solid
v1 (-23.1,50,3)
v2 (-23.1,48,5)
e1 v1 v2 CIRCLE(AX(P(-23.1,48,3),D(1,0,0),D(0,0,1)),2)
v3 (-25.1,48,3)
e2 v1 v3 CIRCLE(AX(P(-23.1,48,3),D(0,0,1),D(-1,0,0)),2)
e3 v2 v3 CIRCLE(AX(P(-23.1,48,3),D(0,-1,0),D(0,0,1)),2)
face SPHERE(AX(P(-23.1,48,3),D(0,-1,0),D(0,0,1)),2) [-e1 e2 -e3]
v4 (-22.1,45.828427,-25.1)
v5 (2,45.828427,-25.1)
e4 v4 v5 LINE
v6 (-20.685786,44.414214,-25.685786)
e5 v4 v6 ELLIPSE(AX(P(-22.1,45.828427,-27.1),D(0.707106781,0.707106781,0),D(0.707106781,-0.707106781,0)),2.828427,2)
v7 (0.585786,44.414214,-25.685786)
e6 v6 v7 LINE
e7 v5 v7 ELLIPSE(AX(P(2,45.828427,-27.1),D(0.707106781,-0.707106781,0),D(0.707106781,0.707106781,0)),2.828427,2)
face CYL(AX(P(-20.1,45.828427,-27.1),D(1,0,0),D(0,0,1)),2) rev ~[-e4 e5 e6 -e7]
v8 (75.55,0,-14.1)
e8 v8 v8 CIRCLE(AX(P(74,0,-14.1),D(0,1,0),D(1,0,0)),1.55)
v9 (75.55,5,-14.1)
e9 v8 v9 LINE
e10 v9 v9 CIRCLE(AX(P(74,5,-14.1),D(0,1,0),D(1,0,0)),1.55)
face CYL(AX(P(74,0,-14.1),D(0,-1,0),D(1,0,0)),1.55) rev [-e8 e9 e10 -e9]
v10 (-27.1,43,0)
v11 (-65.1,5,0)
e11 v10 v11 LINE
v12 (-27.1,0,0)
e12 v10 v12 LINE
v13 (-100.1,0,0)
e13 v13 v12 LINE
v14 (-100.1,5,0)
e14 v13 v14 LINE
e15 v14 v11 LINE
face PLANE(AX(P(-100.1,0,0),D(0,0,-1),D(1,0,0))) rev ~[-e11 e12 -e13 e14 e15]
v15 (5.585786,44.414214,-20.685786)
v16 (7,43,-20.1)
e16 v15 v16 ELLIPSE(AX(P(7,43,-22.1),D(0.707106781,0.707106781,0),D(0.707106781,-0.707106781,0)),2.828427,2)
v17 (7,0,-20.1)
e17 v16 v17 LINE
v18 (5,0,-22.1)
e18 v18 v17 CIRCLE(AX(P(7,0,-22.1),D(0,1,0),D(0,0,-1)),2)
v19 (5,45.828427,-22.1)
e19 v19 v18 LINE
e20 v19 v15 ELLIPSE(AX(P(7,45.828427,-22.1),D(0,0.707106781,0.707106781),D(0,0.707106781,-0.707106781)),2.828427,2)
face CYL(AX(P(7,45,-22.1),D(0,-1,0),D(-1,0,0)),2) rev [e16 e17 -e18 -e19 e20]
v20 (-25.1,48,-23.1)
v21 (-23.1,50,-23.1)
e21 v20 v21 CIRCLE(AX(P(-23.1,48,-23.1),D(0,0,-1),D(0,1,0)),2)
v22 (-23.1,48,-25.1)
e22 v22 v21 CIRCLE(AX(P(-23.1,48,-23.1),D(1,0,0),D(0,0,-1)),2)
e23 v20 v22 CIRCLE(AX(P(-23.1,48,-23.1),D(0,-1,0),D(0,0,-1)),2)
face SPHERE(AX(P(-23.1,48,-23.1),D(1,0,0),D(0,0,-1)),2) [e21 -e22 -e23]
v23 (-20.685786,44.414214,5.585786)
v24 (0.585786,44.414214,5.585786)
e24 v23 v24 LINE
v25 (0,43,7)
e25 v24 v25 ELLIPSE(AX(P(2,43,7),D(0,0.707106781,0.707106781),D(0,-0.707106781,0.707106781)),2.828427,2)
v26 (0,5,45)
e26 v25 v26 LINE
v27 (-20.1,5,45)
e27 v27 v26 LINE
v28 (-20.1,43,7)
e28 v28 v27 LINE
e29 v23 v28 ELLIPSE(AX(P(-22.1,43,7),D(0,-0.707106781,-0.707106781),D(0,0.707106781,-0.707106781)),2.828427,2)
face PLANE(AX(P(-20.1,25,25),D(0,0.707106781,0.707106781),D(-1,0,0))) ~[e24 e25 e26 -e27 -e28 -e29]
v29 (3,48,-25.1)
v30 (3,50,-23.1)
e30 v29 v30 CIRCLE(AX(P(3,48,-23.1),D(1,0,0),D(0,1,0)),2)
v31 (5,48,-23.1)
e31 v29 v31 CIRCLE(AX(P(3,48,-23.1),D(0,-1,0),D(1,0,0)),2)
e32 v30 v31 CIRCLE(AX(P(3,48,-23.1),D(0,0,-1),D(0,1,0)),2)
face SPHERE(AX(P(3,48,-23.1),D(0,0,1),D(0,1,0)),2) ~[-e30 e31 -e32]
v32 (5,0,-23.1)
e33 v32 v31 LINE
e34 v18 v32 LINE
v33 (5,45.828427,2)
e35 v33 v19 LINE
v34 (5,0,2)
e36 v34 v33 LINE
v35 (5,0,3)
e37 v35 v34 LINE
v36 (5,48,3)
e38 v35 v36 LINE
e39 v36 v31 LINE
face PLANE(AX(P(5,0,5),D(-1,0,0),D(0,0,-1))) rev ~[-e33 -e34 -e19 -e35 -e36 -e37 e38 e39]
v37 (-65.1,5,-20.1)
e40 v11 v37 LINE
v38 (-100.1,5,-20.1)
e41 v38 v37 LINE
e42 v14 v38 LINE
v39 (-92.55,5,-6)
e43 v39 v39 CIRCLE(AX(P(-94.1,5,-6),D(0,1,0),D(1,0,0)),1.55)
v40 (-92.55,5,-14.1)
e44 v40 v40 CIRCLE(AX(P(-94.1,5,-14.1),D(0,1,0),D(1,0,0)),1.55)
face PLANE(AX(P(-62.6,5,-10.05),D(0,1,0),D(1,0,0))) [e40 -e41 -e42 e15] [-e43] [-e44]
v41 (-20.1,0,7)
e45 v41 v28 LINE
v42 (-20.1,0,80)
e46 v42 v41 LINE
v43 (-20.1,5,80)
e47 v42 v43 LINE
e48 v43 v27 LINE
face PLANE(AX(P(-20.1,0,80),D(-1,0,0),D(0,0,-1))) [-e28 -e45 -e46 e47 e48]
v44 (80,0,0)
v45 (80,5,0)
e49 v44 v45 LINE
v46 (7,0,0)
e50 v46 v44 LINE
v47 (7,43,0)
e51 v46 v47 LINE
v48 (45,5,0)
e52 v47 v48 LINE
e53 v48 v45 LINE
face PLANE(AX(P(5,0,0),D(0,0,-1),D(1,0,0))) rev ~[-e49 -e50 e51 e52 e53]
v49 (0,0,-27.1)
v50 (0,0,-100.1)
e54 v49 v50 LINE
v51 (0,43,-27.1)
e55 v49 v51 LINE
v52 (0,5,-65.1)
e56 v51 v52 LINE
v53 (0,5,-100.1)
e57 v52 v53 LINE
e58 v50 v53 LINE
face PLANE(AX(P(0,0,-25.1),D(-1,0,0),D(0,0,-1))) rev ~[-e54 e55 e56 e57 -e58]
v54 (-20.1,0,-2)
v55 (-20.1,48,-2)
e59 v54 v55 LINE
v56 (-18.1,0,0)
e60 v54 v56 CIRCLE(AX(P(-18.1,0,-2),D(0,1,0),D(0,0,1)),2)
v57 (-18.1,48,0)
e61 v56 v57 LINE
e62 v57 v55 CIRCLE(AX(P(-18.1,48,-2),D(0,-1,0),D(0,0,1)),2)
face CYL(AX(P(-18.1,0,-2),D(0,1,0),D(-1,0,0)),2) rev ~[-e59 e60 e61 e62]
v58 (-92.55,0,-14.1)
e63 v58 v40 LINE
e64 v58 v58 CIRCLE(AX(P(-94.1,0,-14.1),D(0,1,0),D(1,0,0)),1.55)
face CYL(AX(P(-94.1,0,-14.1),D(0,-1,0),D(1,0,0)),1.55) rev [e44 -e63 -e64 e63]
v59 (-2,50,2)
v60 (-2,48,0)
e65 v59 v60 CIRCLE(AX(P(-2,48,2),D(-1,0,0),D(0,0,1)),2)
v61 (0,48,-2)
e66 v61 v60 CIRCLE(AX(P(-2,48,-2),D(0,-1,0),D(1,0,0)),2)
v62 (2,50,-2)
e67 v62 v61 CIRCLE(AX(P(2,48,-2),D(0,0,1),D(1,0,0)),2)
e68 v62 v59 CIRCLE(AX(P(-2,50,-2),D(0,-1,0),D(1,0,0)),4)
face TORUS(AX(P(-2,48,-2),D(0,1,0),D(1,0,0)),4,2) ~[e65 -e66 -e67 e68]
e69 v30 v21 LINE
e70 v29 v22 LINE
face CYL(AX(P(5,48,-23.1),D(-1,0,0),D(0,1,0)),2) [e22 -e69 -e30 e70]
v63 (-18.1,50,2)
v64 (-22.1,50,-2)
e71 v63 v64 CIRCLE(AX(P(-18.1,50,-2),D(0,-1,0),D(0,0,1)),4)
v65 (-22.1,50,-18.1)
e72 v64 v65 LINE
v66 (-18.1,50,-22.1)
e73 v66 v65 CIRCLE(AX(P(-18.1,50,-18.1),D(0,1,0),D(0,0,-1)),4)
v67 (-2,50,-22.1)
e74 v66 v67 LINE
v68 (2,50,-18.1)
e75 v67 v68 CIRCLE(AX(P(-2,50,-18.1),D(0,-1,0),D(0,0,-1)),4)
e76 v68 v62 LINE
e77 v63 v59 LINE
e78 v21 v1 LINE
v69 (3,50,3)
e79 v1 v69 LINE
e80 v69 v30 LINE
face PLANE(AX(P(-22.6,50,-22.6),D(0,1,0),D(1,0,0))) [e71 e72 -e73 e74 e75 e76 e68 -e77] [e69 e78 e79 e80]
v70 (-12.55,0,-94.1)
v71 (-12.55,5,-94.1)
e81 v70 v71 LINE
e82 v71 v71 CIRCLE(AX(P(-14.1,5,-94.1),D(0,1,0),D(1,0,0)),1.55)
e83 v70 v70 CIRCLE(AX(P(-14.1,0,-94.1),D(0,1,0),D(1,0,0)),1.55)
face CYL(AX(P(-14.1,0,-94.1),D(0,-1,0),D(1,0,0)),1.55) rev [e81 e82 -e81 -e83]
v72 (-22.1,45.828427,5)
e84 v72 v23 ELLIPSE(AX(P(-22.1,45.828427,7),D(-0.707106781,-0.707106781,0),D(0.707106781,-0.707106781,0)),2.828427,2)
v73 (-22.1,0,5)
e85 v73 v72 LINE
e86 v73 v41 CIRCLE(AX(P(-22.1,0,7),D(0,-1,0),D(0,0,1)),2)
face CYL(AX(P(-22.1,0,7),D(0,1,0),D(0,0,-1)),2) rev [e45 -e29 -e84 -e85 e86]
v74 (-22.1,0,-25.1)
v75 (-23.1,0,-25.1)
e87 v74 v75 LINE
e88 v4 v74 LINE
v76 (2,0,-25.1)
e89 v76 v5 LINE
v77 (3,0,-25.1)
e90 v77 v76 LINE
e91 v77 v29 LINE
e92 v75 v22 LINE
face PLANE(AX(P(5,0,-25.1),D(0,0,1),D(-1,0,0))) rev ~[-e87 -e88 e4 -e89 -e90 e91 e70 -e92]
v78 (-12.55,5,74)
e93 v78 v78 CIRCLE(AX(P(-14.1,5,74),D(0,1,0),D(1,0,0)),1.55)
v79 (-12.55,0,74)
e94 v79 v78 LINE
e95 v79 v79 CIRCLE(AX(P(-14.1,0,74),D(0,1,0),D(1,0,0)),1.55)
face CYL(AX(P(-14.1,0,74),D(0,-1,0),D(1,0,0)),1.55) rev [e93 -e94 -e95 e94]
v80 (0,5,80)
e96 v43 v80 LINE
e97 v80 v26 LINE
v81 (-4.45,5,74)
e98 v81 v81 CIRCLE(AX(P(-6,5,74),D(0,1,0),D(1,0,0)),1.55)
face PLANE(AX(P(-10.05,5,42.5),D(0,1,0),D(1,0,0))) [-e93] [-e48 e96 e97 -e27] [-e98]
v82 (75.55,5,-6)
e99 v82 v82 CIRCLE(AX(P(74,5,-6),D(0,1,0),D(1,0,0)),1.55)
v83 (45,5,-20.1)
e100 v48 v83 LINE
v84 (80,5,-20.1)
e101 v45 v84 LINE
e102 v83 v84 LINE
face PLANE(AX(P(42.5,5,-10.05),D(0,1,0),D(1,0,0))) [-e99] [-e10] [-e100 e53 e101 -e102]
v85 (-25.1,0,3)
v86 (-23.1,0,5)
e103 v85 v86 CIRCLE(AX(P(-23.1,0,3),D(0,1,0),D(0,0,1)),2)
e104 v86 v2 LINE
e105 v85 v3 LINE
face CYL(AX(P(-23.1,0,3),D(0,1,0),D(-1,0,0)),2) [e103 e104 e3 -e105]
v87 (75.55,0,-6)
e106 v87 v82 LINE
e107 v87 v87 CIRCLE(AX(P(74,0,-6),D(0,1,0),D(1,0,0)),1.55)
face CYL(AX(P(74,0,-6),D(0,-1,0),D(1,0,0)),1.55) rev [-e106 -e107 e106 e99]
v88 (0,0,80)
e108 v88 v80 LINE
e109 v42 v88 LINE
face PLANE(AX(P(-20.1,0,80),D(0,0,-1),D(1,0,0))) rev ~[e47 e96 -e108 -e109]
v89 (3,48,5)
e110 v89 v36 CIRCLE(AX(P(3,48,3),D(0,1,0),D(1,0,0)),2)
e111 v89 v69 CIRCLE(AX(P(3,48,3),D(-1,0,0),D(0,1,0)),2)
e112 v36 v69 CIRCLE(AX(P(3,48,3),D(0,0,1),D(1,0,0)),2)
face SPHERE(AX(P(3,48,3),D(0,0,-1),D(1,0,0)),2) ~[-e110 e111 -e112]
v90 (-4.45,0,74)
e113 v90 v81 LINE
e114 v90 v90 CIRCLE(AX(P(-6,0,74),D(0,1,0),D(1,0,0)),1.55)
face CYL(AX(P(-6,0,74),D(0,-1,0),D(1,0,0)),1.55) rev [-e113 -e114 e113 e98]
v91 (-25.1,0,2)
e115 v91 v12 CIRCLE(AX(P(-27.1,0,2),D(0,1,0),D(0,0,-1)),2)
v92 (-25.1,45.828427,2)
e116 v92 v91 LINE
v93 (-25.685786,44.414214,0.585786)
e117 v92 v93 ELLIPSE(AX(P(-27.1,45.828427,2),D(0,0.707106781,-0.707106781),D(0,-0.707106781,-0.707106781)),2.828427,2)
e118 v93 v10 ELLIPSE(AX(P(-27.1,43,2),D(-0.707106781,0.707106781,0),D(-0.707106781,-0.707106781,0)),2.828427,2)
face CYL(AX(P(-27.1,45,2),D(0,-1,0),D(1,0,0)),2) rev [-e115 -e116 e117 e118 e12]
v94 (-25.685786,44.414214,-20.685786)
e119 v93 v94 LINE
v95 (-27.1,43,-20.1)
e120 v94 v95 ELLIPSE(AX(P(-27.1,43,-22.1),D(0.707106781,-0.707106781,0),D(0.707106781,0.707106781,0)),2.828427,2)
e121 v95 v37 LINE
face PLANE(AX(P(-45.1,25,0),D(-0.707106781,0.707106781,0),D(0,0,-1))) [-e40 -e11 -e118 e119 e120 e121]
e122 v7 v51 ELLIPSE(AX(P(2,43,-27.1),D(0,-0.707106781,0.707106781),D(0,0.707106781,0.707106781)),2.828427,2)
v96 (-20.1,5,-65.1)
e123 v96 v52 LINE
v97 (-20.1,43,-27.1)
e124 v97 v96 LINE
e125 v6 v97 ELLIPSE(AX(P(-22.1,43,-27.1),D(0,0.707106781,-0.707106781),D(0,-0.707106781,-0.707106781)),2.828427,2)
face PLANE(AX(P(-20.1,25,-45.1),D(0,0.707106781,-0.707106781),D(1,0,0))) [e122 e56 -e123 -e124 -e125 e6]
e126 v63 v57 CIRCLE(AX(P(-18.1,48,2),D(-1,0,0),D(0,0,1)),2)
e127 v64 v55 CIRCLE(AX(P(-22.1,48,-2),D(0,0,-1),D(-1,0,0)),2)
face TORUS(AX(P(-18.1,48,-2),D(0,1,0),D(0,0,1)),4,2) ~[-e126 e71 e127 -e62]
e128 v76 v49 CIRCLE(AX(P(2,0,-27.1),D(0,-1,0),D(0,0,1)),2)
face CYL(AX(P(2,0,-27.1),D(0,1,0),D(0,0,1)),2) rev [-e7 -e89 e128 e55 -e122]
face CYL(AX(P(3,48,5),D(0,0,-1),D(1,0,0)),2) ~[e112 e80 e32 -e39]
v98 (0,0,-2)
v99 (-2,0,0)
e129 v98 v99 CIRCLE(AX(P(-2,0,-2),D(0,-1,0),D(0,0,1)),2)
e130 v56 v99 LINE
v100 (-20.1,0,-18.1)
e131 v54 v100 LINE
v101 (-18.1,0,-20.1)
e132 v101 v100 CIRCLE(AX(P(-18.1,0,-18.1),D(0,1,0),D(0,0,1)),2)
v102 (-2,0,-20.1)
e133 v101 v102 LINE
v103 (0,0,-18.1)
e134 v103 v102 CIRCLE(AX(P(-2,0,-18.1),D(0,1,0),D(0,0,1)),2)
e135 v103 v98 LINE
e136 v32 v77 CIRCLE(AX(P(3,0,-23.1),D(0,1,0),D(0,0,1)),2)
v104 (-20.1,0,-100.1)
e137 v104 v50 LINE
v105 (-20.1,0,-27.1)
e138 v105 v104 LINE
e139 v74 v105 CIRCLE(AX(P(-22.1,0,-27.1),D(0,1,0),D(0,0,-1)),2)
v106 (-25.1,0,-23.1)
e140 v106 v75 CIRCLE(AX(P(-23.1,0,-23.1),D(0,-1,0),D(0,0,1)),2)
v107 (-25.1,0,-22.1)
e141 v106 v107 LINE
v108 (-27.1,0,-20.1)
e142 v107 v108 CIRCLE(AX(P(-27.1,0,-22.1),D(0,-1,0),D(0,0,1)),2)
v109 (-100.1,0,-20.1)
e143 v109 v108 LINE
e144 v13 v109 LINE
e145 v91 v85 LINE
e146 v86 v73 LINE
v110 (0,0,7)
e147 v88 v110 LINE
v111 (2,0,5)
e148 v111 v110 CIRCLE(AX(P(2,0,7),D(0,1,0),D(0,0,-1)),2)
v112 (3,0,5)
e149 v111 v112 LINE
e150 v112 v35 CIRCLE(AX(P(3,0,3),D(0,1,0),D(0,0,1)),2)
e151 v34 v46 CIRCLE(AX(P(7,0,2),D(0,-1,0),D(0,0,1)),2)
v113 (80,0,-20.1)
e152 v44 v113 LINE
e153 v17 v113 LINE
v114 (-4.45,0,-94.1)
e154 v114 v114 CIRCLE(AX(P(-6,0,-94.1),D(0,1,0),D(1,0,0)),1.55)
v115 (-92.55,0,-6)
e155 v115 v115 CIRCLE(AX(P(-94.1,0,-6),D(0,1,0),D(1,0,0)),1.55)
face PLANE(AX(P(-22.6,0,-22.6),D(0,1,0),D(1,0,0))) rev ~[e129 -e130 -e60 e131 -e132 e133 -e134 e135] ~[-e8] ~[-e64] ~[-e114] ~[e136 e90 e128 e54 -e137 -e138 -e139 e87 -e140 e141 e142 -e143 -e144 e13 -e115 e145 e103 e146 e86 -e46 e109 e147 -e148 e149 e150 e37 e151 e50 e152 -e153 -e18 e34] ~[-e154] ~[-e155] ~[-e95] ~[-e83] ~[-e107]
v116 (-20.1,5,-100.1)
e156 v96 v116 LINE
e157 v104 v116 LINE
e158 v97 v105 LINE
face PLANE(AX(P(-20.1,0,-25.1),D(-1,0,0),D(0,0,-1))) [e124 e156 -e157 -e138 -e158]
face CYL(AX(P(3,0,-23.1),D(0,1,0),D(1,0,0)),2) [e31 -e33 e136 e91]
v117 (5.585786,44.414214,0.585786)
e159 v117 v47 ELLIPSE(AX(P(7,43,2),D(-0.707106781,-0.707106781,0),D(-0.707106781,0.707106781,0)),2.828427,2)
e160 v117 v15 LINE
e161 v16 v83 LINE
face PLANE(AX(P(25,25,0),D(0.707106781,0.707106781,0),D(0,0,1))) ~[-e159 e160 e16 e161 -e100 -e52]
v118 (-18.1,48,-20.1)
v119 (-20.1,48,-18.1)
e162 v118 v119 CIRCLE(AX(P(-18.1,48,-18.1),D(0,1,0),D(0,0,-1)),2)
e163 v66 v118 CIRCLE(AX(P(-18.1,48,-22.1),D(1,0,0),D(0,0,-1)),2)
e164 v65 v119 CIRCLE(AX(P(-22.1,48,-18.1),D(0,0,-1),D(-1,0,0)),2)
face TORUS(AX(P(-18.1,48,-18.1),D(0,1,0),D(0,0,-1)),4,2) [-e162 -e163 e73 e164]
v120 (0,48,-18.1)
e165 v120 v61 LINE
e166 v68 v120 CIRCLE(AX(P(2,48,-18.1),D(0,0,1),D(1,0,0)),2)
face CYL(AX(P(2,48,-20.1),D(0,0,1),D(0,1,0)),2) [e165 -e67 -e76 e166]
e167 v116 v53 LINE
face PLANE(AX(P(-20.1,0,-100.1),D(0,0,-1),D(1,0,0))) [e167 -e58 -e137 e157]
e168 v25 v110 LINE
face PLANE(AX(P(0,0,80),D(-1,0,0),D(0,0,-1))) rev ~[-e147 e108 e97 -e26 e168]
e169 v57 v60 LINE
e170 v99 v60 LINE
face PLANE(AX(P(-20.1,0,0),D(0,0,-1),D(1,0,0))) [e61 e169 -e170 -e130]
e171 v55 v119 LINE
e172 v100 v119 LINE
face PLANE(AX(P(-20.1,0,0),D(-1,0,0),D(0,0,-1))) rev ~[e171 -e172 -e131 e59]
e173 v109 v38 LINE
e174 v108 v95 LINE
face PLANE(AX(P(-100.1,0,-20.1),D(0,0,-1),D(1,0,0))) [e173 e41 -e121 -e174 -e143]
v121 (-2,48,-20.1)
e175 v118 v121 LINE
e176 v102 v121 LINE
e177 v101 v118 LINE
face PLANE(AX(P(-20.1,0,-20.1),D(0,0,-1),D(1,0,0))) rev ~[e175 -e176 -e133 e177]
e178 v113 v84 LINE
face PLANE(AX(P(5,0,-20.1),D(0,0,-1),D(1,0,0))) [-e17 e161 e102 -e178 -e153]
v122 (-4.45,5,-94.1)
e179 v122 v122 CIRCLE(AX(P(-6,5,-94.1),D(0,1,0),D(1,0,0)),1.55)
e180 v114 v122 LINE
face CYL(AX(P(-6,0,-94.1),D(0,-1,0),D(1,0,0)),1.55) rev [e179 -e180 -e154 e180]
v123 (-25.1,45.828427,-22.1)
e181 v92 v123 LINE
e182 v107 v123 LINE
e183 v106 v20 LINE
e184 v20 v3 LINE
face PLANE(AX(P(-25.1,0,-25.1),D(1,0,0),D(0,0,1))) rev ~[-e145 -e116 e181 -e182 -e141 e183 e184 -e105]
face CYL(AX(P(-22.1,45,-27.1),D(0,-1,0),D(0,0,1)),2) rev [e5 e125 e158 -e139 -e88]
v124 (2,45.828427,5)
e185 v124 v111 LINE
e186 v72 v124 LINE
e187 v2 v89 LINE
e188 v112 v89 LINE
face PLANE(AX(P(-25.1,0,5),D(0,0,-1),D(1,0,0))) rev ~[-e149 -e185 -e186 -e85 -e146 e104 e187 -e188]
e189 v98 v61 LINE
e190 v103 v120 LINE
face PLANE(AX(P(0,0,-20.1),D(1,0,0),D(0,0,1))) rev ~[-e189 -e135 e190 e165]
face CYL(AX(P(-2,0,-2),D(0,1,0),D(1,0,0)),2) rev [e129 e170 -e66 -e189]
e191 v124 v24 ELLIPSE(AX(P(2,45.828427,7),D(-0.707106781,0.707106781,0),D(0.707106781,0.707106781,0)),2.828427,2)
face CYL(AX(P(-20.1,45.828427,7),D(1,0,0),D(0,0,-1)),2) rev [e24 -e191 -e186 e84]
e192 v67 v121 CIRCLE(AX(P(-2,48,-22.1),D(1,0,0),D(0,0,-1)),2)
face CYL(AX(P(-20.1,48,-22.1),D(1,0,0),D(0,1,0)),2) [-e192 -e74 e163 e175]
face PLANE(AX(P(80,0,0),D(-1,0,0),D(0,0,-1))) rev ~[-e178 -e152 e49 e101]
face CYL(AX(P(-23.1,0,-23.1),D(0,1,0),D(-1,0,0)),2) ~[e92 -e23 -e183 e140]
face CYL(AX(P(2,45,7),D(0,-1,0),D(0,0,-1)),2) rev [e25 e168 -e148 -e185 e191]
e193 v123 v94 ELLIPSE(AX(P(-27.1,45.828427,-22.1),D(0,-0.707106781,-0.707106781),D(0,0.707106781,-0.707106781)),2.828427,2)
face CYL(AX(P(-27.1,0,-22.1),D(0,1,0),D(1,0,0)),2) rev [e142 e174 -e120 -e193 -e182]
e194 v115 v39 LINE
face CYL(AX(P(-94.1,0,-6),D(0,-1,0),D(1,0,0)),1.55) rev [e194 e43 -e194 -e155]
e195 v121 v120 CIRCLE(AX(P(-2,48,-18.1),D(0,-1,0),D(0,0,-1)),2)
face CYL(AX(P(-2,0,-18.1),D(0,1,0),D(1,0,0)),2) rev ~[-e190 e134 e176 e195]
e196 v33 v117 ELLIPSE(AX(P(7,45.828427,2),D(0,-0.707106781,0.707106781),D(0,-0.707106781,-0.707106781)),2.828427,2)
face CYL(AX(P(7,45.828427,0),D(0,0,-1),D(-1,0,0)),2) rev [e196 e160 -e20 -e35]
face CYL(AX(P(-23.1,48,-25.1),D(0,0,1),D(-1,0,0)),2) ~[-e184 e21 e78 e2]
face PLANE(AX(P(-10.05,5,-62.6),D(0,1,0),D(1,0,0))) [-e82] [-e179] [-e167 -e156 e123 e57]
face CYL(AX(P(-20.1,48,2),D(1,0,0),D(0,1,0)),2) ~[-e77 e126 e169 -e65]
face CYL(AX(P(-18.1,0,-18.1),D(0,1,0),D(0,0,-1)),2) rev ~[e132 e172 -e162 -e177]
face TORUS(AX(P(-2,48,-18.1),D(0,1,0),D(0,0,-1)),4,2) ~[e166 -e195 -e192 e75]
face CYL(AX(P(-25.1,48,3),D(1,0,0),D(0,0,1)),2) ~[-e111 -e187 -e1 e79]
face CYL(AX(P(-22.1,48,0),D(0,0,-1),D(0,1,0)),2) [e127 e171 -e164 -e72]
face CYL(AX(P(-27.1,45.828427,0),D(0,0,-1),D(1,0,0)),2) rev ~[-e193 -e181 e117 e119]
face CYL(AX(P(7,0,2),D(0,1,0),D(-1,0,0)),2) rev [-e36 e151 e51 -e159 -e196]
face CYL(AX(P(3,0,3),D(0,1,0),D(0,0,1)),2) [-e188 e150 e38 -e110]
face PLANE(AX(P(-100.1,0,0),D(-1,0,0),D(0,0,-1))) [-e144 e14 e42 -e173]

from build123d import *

# Parameters (mm, degrees)
SKETCH1_W             = 75
SKETCH1_H             = 20.1
SKETCH1_R             = 1.55
BOSS_EXTRUDE1_DEPTH   = 5
SKETCH1_W_2           = 20.1
SKETCH1_H_2           = 75
BOSS_EXTRUDE1_2_DEPTH = 5
BOSS_EXTRUDE1_3_DEPTH = 5
BOSS_EXTRUDE1_4_DEPTH = 5
SKETCH1_8_W           = 30.1
SKETCH1_8_H           = 30.1
SKETCH1_8_W_2         = 20.1
SKETCH1_8_H_2         = 20.1
BOSS_EXTRUDE2_DEPTH   = 50
CHAMFER1_SIZE         = 40
FILLET1_R             = 2


with BuildPart() as part:
    # Sketch1 → Boss-Extrude1 (new body)
    with BuildSketch(Plane(origin=(0, 0, 0), x_dir=(1, 0, 0), z_dir=(0, 1, 0))):
        with Locations((42.5, 10.05)):
            Rectangle(SKETCH1_W, SKETCH1_H)
        with Locations((74, 6)):
            Circle(SKETCH1_R, mode=Mode.SUBTRACT)
        with Locations((74, 14.1)):
            Circle(SKETCH1_R, mode=Mode.SUBTRACT)
    extrude(amount=BOSS_EXTRUDE1_DEPTH)



with BuildPart() as body_2:
    # Sketch1 → Boss-Extrude1 2 (new body)
    with BuildSketch(Plane(origin=(0, 0, 0), x_dir=(1, 0, 0), z_dir=(0, 1, 0))):
        with Locations((-10.05, -42.5)):
            Rectangle(SKETCH1_W_2, SKETCH1_H_2)
        with Locations((-14.1, -74)):
            Circle(SKETCH1_R, mode=Mode.SUBTRACT)
        with Locations((-6, -74)):
            Circle(SKETCH1_R, mode=Mode.SUBTRACT)
    extrude(amount=BOSS_EXTRUDE1_2_DEPTH)


with BuildPart() as body_3:
    # Sketch1 → Boss-Extrude1 3 (new body)
    with BuildSketch(Plane(origin=(0, 0, 0), x_dir=(1, 0, 0), z_dir=(0, 1, 0))):
        with Locations((-10.05, 62.6)):
            Rectangle(SKETCH1_W_2, SKETCH1_H_2)
        with Locations((-14.1, 94.1)):
            Circle(SKETCH1_R, mode=Mode.SUBTRACT)
        with Locations((-6, 94.1)):
            Circle(SKETCH1_R, mode=Mode.SUBTRACT)
    extrude(amount=BOSS_EXTRUDE1_3_DEPTH)


with BuildPart() as body_4:
    # Sketch1 → Boss-Extrude1 4 (new body)
    with BuildSketch(Plane(origin=(0, 0, 0), x_dir=(1, 0, 0), z_dir=(0, 1, 0))):
        with Locations((-62.6, 10.05)):
            Rectangle(SKETCH1_W, SKETCH1_H)
        with Locations((-94.1, 6)):
            Circle(SKETCH1_R, mode=Mode.SUBTRACT)
        with Locations((-94.1, 14.1)):
            Circle(SKETCH1_R, mode=Mode.SUBTRACT)
    extrude(amount=BOSS_EXTRUDE1_4_DEPTH)


with BuildPart() as part_1:
    add(part.part)

    add(body_2.part)  # Boss-Extrude2 merges body 2

    add(body_3.part)  # Boss-Extrude2 merges body 3

    add(body_4.part)  # Boss-Extrude2 merges body 4
    # Sketch1<8> → Boss-Extrude2 (add)
    with BuildSketch(Plane(origin=(0, 0, 0), x_dir=(1, 0, 0), z_dir=(0, 1, 0))):
        with Locations((-10.05, 10.05)):
            Rectangle(SKETCH1_8_W, SKETCH1_8_H)
        with Locations((-10.05, 10.05)):
            Rectangle(SKETCH1_8_W_2, SKETCH1_8_H_2, mode=Mode.SUBTRACT)
    extrude(amount=BOSS_EXTRUDE2_DEPTH)

    # Chamfer1
    chamfer1_edges = [part_1.edges().sort_by_distance(p)[0] for p in [
        (-10.05, 5, -25.1),
        (5, 5, -10.05),
        (-10.05, 5, 5),
        (-25.1, 5, -10.05),
    ]]
    chamfer(chamfer1_edges, length=CHAMFER1_SIZE)

    # Fillet1
    fillet1_edges = [part_1.edges().sort_by_distance(p)[0] for p in [
        (-10.05, 50, -20.1),
        (-20.1, 50, -10.05),
        (-10.05, 50, 0),
        (0, 50, -10.05),
        (-25.1, 50, -10.05),
        (-10.05, 50, -25.1),
        (5, 50, -10.05),
        (-10.05, 50, 5),
        (-10.05, 45, 5),
        (5, 45, -10.05),
        (-10.05, 45, -25.1),
        (-25.1, 45, -10.05),
        (-25.1, 22.5, -20.1),
        (-25.1, 25, -25.1),
        (-20.1, 22.5, -25.1),
        (0, 22.5, -25.1),
        (5, 25, -25.1),
        (5, 22.5, -20.1),
        (0, 25, -20.1),
        (0, 22.5, 5),
        (5, 22.5, 0),
        (5, 25, 5),
        (-20.1, 22.5, 5),
        (-25.1, 22.5, 0),
        (-25.1, 25, 5),
        (0, 25, 0),
        (-20.1, 25, 0),
        (-20.1, 25, -20.1),
    ]]
    fillet(fillet1_edges, radius=FILLET1_R)


solid = part_1.part
